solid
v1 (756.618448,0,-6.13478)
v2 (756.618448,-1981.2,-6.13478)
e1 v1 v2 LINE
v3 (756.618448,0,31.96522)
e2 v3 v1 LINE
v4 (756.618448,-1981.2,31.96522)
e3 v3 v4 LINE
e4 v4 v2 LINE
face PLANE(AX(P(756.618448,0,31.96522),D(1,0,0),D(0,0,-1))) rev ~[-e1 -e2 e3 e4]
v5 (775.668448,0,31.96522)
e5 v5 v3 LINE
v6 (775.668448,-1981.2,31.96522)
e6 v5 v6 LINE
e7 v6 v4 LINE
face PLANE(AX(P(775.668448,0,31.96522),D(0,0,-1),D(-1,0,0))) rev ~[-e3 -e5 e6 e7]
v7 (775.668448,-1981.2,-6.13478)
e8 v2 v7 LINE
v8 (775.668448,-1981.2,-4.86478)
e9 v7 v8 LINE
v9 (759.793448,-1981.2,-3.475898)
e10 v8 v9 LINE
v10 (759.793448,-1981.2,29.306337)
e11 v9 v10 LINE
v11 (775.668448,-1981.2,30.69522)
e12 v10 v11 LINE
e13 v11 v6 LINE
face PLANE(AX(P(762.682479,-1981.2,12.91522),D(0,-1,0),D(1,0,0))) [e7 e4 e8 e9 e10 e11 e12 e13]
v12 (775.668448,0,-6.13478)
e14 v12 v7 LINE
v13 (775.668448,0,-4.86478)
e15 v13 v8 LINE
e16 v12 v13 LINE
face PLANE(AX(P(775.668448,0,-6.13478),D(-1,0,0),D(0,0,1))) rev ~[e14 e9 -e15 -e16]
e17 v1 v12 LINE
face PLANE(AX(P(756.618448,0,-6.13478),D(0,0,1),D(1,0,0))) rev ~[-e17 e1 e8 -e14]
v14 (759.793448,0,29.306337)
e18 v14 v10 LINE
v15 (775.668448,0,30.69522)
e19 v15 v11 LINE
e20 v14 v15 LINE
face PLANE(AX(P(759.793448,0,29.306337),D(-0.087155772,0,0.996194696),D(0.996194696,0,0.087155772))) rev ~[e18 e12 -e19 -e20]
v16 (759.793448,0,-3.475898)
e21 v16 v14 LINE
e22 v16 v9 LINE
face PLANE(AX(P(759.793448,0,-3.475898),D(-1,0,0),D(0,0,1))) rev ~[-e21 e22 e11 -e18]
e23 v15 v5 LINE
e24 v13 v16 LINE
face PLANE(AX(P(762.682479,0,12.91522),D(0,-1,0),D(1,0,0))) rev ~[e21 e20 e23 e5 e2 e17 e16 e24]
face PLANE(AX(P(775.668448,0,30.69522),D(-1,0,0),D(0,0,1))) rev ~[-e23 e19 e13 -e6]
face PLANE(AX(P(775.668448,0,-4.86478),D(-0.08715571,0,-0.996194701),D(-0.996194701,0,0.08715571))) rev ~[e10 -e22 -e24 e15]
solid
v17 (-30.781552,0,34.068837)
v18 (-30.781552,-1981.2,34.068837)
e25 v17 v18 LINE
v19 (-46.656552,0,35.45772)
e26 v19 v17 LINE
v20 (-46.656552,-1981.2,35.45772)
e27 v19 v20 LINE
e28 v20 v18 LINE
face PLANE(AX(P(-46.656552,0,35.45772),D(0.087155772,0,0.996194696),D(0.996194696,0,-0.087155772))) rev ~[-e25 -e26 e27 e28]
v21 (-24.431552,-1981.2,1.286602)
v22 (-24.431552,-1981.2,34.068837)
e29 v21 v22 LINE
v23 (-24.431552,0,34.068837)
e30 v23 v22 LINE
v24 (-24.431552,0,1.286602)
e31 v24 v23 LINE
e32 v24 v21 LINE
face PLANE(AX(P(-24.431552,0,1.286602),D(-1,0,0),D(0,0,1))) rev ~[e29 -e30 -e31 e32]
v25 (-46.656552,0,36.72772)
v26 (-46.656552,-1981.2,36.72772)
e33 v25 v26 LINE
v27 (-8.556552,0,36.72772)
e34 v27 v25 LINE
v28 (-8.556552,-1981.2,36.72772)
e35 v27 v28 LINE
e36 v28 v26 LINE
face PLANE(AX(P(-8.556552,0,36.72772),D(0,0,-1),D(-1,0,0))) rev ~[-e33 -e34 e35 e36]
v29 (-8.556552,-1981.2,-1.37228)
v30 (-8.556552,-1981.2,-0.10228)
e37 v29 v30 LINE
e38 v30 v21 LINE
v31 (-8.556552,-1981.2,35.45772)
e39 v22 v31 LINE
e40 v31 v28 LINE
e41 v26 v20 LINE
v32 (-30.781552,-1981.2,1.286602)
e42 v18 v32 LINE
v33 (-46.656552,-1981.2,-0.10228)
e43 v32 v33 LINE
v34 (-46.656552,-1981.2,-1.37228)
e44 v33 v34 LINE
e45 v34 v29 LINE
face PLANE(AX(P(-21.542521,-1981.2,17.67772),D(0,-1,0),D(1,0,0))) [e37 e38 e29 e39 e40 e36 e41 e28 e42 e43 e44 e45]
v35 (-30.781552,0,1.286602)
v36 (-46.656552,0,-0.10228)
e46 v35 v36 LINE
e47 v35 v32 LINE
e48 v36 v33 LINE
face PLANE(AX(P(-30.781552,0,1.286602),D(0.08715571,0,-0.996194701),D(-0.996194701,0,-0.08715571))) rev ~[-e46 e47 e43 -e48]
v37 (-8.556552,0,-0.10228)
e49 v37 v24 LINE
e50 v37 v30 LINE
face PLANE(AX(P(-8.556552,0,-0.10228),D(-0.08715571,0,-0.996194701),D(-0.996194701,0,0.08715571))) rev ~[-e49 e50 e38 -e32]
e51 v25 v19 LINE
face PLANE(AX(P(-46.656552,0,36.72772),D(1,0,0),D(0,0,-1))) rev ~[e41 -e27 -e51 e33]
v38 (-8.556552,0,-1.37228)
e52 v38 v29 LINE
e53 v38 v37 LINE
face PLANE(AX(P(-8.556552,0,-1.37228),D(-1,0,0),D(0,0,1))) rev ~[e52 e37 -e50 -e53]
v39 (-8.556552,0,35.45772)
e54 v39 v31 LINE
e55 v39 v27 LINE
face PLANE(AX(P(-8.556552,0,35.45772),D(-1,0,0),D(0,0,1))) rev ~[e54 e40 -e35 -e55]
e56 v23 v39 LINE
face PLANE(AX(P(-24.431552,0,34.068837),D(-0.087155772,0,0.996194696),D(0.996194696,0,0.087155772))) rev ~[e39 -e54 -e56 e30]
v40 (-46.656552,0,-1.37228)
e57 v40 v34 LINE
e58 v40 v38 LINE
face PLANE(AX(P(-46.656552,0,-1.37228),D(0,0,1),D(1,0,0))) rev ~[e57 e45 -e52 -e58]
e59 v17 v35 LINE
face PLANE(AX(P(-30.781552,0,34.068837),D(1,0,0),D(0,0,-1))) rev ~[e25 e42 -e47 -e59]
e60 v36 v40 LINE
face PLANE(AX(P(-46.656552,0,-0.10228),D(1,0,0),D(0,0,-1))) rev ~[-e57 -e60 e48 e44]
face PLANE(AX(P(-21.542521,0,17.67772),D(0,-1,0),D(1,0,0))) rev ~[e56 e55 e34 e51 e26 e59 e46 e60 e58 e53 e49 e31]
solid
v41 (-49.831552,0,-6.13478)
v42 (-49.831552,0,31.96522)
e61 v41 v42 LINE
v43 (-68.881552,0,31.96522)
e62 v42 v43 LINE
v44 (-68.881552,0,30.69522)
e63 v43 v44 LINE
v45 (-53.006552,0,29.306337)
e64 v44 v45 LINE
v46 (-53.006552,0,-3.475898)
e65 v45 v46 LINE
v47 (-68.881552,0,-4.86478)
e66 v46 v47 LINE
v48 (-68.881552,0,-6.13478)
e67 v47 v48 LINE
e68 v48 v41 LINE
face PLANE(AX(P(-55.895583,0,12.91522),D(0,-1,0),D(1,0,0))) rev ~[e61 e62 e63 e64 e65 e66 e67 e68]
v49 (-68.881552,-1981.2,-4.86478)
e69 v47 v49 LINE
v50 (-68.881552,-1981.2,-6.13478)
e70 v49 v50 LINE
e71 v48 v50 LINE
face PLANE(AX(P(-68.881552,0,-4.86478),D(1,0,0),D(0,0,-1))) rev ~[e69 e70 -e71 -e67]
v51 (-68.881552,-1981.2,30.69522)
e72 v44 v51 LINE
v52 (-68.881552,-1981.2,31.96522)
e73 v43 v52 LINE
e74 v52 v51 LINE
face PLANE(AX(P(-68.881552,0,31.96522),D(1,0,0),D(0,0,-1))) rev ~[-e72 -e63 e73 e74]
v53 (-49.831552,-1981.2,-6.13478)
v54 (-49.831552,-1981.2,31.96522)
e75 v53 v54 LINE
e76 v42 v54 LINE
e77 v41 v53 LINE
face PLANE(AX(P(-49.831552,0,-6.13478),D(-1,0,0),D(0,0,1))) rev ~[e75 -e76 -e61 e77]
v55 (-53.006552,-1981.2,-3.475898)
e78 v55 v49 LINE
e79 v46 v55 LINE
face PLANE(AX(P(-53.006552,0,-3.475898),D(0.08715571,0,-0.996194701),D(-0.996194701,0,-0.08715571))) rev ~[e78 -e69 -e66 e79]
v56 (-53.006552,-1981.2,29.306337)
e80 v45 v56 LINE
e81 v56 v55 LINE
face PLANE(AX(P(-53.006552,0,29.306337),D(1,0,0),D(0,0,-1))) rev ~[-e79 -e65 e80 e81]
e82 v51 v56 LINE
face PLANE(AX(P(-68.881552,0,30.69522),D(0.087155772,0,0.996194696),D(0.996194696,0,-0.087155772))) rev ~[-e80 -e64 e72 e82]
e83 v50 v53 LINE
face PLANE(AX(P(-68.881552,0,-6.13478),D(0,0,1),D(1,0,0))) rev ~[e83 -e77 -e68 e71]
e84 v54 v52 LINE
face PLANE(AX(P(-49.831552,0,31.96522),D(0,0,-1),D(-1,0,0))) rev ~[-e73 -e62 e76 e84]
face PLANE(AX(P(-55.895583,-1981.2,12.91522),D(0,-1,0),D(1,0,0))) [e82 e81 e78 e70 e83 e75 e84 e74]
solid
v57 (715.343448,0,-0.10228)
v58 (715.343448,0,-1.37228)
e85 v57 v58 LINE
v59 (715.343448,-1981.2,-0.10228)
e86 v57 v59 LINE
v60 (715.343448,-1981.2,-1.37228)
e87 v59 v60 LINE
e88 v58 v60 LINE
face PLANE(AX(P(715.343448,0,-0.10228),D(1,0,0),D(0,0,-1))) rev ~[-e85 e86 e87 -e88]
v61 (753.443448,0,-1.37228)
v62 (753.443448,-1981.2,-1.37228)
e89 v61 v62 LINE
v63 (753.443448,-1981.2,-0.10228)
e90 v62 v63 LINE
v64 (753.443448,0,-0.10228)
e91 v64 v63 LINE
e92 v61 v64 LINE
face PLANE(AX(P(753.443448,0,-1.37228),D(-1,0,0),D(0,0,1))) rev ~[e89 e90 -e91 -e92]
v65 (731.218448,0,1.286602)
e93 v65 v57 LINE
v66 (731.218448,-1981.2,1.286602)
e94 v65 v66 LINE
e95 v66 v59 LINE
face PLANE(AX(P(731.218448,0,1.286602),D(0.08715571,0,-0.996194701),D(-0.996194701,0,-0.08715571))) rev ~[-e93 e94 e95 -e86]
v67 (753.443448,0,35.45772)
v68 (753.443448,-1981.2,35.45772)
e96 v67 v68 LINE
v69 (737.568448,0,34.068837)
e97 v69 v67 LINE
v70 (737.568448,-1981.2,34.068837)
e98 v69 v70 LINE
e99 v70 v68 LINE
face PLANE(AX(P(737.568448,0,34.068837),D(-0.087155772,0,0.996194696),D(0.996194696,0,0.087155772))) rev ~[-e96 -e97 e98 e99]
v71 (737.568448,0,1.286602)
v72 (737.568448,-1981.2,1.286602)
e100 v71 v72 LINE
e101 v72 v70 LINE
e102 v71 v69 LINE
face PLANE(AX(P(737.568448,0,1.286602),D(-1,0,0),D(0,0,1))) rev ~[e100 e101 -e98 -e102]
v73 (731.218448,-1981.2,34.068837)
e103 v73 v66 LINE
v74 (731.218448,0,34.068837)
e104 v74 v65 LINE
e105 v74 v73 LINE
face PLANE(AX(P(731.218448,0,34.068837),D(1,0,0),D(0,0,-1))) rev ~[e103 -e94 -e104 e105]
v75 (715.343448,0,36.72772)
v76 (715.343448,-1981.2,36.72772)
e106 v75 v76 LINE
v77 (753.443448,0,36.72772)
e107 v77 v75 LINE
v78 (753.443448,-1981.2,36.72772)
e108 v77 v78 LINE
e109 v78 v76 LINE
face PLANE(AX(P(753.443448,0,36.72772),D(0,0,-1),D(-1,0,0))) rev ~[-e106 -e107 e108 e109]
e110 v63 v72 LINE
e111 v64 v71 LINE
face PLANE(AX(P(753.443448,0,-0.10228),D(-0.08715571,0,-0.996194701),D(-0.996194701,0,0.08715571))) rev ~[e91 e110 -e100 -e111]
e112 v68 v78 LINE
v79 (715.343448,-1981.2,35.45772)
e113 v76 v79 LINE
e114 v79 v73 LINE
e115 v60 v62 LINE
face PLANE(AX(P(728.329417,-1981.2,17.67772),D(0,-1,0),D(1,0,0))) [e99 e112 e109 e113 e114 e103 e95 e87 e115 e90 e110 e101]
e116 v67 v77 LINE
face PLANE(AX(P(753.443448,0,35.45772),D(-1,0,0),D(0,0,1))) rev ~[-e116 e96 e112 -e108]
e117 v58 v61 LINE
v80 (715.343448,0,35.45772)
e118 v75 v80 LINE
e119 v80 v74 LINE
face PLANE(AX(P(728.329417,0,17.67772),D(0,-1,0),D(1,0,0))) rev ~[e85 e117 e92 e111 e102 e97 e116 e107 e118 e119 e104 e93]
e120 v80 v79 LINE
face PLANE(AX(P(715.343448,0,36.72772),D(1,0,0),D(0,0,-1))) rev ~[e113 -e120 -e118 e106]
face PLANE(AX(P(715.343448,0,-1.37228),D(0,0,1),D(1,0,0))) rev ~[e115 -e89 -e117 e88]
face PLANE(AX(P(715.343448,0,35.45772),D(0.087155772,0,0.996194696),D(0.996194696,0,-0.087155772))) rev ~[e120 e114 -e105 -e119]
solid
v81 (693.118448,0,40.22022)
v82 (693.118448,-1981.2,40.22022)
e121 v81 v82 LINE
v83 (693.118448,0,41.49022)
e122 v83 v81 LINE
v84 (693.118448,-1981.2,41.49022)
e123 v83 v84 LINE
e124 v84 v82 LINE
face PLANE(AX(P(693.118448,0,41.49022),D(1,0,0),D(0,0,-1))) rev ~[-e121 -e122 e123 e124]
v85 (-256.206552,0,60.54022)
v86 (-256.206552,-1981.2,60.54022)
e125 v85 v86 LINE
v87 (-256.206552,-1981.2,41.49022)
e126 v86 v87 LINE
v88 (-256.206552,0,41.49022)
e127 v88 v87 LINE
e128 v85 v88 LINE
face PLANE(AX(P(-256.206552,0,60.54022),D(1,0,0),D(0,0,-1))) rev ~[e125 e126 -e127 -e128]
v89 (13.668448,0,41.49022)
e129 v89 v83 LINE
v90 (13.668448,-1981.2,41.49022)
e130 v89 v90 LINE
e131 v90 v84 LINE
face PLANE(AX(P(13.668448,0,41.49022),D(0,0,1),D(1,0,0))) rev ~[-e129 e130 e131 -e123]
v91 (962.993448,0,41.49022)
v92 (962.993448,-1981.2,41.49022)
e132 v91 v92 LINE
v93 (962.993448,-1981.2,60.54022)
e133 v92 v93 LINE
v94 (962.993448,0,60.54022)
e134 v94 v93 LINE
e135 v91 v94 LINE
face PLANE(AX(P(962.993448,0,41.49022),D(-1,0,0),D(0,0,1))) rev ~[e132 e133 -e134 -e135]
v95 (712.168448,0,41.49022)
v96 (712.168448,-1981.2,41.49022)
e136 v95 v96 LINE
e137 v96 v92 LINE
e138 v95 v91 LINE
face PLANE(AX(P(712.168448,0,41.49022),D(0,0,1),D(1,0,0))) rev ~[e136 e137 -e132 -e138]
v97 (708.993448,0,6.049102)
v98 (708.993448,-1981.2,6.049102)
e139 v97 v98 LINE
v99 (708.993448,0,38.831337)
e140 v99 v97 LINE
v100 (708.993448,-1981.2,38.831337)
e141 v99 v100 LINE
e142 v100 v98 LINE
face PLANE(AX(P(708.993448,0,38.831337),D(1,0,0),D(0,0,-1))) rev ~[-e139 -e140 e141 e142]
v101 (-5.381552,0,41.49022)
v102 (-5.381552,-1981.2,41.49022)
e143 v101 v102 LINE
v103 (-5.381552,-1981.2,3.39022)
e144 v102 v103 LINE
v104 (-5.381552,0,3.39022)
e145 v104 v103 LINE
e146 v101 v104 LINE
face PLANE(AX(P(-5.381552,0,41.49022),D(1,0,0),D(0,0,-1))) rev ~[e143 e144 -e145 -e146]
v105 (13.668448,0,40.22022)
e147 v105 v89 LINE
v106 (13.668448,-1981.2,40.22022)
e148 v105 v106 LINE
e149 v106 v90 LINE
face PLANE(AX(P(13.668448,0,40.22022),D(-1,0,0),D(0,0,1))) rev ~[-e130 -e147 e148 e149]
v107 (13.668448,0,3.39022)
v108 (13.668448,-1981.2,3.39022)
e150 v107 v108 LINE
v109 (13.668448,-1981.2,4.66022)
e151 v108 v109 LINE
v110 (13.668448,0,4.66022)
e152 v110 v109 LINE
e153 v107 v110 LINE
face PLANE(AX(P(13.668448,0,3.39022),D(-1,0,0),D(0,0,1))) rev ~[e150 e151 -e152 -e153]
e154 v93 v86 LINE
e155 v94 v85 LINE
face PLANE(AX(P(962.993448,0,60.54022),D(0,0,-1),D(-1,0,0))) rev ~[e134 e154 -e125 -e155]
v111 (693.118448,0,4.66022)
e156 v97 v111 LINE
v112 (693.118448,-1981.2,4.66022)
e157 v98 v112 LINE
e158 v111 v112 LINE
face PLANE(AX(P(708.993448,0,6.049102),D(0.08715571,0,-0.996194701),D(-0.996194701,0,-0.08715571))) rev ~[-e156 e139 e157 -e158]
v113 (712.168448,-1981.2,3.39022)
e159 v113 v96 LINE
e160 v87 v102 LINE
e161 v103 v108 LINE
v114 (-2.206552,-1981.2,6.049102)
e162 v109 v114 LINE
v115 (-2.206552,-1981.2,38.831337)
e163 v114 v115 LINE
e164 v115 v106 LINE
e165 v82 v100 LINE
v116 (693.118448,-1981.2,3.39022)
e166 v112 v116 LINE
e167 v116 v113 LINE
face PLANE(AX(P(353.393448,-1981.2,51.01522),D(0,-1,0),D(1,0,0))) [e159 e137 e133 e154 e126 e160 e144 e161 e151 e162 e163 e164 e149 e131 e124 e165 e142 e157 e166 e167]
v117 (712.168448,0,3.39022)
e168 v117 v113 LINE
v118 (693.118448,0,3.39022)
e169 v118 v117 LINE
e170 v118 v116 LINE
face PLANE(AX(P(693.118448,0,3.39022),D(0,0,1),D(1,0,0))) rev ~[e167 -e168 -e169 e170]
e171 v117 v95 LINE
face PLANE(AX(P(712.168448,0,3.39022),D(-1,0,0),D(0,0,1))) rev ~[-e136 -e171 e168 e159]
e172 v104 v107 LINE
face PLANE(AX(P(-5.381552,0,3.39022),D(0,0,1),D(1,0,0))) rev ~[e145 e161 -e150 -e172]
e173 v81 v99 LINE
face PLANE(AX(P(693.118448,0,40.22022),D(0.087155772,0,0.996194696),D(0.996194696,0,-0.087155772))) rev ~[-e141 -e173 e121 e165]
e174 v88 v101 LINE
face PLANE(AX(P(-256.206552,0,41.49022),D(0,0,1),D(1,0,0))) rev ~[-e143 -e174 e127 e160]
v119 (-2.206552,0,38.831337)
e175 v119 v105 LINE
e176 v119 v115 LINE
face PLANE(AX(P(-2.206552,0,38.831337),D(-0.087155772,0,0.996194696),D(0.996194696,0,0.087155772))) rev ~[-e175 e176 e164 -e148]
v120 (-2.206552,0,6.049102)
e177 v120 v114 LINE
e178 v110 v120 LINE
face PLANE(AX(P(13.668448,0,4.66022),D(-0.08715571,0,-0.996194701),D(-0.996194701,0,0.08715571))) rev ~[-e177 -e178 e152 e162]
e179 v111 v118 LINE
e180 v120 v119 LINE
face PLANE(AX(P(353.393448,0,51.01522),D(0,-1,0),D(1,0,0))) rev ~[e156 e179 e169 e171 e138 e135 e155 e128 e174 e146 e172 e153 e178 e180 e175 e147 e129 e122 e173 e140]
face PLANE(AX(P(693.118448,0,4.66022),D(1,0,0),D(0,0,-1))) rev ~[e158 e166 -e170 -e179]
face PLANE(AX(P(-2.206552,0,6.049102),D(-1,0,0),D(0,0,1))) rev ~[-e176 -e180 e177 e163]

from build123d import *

# Parameters (mm, degrees)
F1_DEPTH = 1981.2


with BuildPart() as f1:
    # F0 (on Front) → F1 (new body)
    with BuildSketch(Plane.XZ):
        Polygon((-8.556552, 36.72772), (-27.606552, 36.72772), (-27.606552, -1.37228), (-8.556552, -1.37228), (-8.556552, -0.10228), (-24.431552, 1.286602), (-24.431552, 34.068837), (-8.556552, 35.45772), align=None)
        Polygon((-27.606552, -1.37228), (-27.606552, 36.72772), (-46.656552, 36.72772), (-46.656552, 35.45772), (-30.781552, 34.068837), (-30.781552, 1.286602), (-46.656552, -0.10228), (-46.656552, -1.37228), align=None)
        Polygon((-256.206552, 60.54022), (-256.206552, 41.49022), (-5.381552, 41.49022), (13.668448, 41.49022), (693.118448, 41.49022), (712.168448, 41.49022), (962.993448, 41.49022), (962.993448, 60.54022), align=None)
        Polygon((13.668448, 41.49022), (-5.381552, 41.49022), (-5.381552, 3.39022), (13.668448, 3.39022), (13.668448, 4.66022), (-2.206552, 6.049102), (-2.206552, 38.831337), (13.668448, 40.22022), align=None)
        Polygon((712.168448, 41.49022), (693.118448, 41.49022), (693.118448, 40.22022), (708.993448, 38.831337), (708.993448, 6.049102), (693.118448, 4.66022), (693.118448, 3.39022), (712.168448, 3.39022), align=None)
        Polygon((-68.881552, -6.13478), (-49.831552, -6.13478), (-49.831552, 31.96522), (-68.881552, 31.96522), (-68.881552, 30.69522), (-53.006552, 29.306337), (-53.006552, -3.475898), (-68.881552, -4.86478), align=None)
        Polygon((731.218448, 1.286602), (715.343448, -0.10228), (715.343448, -1.37228), (734.393448, -1.37228), (734.393448, 36.72772), (715.343448, 36.72772), (715.343448, 35.45772), (731.218448, 34.068837), align=None)
        Polygon((734.393448, 36.72772), (734.393448, -1.37228), (753.443448, -1.37228), (753.443448, -0.10228), (737.568448, 1.286602), (737.568448, 34.068837), (753.443448, 35.45772), (753.443448, 36.72772), align=None)
        Polygon((775.668448, 30.69522), (775.668448, 31.96522), (756.618448, 31.96522), (756.618448, -6.13478), (775.668448, -6.13478), (775.668448, -4.86478), (759.793448, -3.475898), (759.793448, 29.306337), align=None)
    extrude(amount=F1_DEPTH)


solid = f1.part
